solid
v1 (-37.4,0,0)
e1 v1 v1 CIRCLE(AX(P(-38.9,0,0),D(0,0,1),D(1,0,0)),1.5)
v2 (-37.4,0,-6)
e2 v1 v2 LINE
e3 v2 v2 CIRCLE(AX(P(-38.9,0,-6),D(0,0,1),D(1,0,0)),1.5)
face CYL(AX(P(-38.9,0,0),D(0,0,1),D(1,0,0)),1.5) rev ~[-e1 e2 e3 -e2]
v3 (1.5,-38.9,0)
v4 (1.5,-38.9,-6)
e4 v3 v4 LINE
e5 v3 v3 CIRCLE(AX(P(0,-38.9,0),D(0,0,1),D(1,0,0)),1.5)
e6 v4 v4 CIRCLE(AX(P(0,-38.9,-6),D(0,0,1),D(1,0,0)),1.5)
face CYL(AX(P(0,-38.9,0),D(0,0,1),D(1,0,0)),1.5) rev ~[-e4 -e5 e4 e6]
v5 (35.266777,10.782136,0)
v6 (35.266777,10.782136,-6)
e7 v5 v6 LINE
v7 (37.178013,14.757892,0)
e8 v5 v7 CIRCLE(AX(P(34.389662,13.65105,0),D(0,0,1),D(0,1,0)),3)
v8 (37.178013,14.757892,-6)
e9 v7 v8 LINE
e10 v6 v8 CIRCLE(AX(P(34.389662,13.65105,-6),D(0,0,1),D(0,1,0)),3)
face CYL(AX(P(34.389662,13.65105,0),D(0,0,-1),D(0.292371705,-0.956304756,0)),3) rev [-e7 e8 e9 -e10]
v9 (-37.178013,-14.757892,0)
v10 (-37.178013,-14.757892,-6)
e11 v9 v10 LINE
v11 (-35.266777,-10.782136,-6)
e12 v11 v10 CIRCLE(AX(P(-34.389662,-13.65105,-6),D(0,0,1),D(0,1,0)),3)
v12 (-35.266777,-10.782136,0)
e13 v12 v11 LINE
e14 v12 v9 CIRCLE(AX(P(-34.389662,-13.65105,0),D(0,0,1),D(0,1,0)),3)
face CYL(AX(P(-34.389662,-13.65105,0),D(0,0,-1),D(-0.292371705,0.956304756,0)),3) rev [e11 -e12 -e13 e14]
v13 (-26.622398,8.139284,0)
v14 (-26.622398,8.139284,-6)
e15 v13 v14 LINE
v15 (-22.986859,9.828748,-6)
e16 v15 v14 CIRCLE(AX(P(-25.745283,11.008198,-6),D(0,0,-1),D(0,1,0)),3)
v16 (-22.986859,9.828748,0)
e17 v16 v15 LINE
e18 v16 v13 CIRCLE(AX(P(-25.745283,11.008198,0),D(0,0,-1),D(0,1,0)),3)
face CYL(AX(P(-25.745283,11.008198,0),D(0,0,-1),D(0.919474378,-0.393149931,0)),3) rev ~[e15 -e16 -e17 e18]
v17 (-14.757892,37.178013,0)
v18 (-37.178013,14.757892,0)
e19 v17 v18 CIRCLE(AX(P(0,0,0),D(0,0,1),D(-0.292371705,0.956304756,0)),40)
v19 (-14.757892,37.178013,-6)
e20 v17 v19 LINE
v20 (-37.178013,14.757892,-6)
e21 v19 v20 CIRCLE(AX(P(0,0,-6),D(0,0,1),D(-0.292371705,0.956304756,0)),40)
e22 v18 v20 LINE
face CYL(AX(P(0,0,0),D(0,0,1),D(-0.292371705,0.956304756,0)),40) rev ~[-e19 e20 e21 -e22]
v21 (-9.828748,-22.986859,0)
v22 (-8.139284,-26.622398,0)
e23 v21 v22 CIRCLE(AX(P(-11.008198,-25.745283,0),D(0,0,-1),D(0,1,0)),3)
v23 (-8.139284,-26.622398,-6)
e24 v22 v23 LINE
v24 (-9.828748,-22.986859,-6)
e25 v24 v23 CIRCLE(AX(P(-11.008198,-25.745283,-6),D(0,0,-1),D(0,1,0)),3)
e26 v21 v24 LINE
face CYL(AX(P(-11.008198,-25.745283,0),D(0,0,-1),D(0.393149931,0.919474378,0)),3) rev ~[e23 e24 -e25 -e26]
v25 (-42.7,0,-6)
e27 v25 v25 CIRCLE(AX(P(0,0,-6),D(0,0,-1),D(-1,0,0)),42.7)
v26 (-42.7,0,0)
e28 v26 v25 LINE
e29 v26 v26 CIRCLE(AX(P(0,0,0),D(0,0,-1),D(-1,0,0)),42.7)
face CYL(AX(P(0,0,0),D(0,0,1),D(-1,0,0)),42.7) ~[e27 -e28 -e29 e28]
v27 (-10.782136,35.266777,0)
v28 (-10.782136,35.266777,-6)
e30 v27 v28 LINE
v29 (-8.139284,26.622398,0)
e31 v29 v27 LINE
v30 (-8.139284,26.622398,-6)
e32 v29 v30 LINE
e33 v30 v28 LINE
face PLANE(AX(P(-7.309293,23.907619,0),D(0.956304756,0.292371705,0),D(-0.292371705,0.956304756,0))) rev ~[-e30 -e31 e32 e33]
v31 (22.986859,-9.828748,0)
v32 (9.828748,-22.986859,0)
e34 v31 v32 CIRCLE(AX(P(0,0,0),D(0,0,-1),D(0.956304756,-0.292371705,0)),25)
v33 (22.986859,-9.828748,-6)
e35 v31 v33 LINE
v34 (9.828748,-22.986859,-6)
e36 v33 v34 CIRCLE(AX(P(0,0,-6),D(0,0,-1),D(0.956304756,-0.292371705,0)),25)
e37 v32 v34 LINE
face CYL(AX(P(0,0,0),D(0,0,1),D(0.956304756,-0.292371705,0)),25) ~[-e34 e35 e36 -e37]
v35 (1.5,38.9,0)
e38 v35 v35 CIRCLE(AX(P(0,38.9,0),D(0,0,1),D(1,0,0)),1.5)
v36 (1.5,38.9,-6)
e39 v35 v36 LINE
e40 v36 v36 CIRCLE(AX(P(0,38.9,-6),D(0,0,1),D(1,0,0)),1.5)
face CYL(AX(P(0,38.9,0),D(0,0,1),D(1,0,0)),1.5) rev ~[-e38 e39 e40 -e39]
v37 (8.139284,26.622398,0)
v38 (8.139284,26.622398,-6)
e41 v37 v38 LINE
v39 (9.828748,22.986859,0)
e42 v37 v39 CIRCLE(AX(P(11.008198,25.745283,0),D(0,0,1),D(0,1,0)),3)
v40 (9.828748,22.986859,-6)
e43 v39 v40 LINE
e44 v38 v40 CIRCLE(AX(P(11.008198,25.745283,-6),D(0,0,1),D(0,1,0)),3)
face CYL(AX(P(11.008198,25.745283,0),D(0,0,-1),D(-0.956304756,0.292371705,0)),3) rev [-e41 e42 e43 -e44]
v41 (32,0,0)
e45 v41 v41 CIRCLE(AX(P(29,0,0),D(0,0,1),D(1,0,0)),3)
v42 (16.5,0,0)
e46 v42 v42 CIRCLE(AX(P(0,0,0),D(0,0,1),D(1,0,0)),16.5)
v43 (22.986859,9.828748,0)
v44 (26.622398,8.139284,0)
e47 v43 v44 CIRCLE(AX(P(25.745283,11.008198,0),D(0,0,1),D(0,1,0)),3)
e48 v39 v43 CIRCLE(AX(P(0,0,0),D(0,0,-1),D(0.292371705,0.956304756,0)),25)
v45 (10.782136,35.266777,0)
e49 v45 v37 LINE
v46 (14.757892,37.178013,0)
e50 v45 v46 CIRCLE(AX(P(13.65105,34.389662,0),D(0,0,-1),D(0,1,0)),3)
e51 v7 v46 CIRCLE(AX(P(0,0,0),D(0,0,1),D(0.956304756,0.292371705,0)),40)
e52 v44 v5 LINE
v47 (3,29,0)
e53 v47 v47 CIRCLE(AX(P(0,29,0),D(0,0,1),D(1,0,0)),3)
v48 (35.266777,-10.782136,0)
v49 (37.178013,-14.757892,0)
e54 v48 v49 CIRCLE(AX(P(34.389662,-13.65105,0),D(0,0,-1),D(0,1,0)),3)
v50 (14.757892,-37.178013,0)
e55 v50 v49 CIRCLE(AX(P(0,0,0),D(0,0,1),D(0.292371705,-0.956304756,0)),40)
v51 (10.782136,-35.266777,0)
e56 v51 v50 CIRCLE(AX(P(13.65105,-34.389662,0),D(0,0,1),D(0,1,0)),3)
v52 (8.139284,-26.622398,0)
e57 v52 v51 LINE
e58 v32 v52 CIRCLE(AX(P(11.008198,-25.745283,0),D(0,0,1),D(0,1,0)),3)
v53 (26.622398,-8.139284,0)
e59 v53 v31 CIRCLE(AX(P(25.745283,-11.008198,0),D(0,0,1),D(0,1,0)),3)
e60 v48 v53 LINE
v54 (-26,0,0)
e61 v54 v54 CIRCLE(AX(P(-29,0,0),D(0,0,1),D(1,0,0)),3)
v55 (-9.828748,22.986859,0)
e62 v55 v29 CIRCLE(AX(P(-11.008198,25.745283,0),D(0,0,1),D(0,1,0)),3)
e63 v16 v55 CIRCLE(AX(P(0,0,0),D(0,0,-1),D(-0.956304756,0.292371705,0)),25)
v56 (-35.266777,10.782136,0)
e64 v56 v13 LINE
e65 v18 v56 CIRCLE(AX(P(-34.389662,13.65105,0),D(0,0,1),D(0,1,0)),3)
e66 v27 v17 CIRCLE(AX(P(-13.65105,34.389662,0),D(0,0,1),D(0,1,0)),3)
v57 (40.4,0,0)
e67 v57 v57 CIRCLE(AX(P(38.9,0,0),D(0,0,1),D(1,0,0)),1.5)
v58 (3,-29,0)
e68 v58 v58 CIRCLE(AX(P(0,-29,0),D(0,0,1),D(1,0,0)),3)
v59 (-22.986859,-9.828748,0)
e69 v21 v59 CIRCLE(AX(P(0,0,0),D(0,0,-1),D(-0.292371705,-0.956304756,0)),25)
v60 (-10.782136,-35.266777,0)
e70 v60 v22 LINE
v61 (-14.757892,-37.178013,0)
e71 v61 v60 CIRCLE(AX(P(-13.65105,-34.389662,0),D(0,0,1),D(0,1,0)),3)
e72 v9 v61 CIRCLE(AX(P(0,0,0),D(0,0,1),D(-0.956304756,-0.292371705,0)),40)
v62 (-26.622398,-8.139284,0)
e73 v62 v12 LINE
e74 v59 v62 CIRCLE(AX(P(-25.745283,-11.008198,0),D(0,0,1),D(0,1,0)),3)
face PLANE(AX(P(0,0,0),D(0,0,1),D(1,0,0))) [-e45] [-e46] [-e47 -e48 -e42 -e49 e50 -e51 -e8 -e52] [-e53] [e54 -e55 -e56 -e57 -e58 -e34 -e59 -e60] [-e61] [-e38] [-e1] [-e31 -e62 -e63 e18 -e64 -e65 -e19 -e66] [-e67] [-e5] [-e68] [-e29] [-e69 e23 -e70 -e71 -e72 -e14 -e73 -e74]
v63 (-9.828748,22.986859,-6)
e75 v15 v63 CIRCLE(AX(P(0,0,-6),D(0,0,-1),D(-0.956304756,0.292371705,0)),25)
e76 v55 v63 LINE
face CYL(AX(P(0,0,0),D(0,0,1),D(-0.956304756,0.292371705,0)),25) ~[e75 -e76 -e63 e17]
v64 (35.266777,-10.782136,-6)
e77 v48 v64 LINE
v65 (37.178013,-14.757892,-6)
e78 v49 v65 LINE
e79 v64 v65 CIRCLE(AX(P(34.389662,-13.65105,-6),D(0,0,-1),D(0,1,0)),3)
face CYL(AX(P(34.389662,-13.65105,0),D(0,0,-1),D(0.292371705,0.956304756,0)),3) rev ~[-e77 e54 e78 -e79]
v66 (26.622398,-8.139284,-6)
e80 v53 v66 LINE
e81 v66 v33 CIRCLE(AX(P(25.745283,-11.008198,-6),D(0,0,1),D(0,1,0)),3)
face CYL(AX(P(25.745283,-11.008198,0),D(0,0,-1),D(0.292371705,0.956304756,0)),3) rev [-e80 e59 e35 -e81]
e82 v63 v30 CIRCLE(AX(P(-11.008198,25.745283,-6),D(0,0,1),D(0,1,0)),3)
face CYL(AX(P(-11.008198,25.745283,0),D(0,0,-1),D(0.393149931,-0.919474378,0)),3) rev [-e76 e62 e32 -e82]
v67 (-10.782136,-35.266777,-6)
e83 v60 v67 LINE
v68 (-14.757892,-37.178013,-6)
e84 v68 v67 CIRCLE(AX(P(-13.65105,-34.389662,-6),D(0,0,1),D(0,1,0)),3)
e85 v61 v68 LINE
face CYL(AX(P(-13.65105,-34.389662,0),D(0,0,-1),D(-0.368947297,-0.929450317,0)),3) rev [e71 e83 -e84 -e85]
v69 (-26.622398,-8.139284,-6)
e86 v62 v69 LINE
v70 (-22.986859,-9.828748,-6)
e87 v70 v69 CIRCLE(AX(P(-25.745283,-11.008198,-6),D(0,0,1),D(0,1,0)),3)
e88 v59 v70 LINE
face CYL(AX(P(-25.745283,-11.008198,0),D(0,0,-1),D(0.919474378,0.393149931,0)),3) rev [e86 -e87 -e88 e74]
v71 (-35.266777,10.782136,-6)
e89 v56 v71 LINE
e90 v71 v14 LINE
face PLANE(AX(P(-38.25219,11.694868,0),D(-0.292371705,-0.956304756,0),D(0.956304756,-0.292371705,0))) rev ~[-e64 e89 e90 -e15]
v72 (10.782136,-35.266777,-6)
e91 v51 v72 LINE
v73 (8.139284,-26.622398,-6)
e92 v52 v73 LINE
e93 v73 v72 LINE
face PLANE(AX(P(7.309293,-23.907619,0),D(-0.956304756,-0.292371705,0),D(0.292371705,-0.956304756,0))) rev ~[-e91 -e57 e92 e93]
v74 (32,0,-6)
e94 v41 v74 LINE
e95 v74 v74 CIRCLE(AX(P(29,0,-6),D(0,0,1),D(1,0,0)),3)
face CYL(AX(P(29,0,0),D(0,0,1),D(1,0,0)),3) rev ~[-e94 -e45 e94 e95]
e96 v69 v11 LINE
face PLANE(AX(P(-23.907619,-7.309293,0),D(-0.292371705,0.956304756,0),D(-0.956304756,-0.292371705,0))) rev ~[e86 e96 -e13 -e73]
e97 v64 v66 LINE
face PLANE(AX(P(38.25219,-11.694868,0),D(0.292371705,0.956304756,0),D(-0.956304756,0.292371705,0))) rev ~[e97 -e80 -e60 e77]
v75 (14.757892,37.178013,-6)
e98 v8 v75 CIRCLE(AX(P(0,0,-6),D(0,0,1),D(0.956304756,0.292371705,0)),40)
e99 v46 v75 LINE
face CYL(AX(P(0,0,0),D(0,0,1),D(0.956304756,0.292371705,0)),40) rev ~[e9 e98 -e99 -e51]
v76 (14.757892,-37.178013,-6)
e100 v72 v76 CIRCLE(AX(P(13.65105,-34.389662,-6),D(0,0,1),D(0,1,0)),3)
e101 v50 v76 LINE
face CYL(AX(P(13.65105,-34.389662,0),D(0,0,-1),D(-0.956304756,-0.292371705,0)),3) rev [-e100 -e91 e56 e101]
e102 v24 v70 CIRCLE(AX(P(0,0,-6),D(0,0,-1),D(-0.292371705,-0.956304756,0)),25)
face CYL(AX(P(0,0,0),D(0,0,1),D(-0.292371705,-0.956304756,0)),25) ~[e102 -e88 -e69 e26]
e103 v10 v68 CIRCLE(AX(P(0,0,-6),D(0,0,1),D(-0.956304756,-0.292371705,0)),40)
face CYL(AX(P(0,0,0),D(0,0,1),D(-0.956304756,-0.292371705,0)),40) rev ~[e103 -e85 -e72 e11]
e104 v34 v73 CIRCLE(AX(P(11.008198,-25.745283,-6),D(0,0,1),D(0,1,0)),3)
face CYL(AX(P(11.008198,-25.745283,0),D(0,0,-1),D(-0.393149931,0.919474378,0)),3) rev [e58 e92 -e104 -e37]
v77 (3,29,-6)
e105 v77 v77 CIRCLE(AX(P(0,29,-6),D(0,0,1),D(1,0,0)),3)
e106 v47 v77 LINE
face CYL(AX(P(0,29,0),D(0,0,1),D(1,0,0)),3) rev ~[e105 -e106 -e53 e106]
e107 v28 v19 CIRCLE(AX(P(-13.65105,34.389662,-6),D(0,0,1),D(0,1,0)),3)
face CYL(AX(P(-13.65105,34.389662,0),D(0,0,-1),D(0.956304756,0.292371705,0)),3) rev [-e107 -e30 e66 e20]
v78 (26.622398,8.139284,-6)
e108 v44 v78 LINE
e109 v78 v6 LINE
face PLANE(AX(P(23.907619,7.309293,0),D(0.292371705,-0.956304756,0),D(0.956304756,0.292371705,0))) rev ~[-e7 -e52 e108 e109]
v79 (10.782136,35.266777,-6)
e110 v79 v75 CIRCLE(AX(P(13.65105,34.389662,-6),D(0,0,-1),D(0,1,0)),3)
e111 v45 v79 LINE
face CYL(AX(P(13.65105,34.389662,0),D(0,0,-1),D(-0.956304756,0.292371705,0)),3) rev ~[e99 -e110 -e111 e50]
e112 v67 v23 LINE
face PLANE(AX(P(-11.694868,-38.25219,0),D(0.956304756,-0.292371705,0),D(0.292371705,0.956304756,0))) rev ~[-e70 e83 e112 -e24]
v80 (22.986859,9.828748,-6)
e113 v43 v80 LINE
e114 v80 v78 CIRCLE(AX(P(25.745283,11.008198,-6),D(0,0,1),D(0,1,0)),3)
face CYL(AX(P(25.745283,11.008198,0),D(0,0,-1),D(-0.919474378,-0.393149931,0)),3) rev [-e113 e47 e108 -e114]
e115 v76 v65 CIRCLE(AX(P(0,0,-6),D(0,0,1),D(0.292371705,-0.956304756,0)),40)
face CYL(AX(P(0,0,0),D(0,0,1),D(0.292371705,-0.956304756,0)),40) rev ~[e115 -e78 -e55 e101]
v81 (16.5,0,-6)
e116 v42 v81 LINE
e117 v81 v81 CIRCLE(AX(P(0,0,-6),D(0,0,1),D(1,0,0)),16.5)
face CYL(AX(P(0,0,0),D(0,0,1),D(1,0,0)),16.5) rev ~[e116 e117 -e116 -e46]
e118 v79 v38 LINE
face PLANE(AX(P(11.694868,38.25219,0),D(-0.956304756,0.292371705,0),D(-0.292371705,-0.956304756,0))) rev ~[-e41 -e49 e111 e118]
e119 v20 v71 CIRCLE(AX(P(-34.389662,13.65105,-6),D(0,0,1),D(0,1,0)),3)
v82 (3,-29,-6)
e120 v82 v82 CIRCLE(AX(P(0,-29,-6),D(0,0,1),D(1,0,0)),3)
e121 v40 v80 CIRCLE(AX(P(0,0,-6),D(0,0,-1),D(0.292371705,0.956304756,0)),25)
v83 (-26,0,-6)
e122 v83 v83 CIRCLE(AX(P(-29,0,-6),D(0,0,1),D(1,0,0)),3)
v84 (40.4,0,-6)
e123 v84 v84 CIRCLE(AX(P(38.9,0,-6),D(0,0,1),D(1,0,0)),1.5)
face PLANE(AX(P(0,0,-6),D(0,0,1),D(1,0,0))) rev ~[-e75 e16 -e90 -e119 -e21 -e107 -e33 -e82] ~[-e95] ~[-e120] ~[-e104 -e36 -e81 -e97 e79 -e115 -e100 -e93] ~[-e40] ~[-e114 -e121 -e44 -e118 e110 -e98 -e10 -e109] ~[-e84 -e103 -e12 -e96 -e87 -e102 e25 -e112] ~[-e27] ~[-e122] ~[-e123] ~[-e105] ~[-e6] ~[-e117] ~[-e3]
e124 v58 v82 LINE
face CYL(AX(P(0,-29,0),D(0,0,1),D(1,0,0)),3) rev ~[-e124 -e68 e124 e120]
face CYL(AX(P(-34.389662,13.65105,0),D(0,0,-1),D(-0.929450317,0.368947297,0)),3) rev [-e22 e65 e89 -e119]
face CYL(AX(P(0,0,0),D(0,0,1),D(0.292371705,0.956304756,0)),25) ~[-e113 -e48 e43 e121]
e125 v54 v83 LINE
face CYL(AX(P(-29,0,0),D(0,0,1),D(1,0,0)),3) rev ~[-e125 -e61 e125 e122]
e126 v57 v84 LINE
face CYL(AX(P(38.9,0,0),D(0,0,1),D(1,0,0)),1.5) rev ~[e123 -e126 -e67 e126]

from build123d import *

# Parameters (mm, degrees)
SKETCH_2_R          = 43
SKETCH_2_R_2        = 16.5
EXTRUDE_1_DEPTH     = 6
SKETCH_3_R          = 3
SKETCH_3_R_2        = 1.5
CUT_EXTRUDE_1_DEPTH = 6
CUT_EXTRUDE_5_DEPTH = 6
FILLET_2_R          = 3
SKETCH_6_R          = 43
SKETCH_6_R_2        = 42.9
CUT_EXTRUDE_6_DEPTH = 6
CUT_EXTRUDE_START   = -6
SKETCH_7_R          = 42.9
SKETCH_7_R_2        = 42.7
CUT_EXTRUDE_7_DEPTH = 6


with BuildPart() as part:
    # 草图2 → 凸台-拉伸1 (new body)
    with BuildSketch(Plane.XY):
        Circle(SKETCH_2_R)
        Circle(SKETCH_2_R_2, mode=Mode.SUBTRACT)
    extrude(amount=-EXTRUDE_1_DEPTH)

    # 草图3 → 切除-拉伸1 (cut)
    with BuildSketch(Plane.XY):
        with Locations((0, 29)):
            Circle(SKETCH_3_R)
        with Locations((29, 0)):
            Circle(SKETCH_3_R)
        with Locations((0, -29)):
            Circle(SKETCH_3_R)
        with Locations((-29, 0)):
            Circle(SKETCH_3_R)
        with Locations((-38.9, 0)):
            Circle(SKETCH_3_R_2)
        with Locations((0, 38.9)):
            Circle(SKETCH_3_R_2)
        with Locations((38.9, 0)):
            Circle(SKETCH_3_R_2)
        with Locations((0, -38.9)):
            Circle(SKETCH_3_R_2)
    extrude(amount=-CUT_EXTRUDE_1_DEPTH, mode=Mode.SUBTRACT)

    # 草图4 → 切除-拉伸5 (cut)
    with BuildSketch(Plane.XY):
        with BuildLine():
            ThreePointArc((-23.907618899, 7.309292618), (-17.67766953, 17.67766953), (-7.309292618, 23.907618899))
            Line((-7.309292618, 23.907618899), (-11.694868189, 38.252190239))
            ThreePointArc((-11.694868189, 38.252190239), (-28.284271247, 28.284271247), (-38.252190239, 11.694868189))
            Line((-38.252190239, 11.694868189), (-23.907618899, 7.309292618))
        make_face()
        with BuildLine():
            Line((11.694868189, 38.252190239), (7.309292618, 23.907618899))
            ThreePointArc((7.309292618, 23.907618899), (17.67766953, 17.67766953), (23.907618899, 7.309292618))
            Line((23.907618899, 7.309292618), (38.252190239, 11.694868189))
            ThreePointArc((38.252190239, 11.694868189), (28.284271247, 28.284271247), (11.694868189, 38.252190239))
        make_face()
        with BuildLine():
            Line((38.252190239, -11.694868189), (23.907618899, -7.309292618))
            ThreePointArc((23.907618899, -7.309292618), (17.67766953, -17.67766953), (7.309292618, -23.907618899))
            Line((7.309292618, -23.907618899), (11.694868189, -38.252190239))
            ThreePointArc((11.694868189, -38.252190239), (28.284271247, -28.284271247), (38.252190239, -11.694868189))
        make_face()
        with BuildLine():
            ThreePointArc((-7.309292618, -23.907618899), (-17.67766953, -17.67766953), (-23.907618899, -7.309292618))
            Line((-23.907618899, -7.309292618), (-38.252190239, -11.694868189))
            ThreePointArc((-38.252190239, -11.694868189), (-28.284271247, -28.284271247), (-11.694868189, -38.252190239))
            Line((-11.694868189, -38.252190239), (-7.309292618, -23.907618899))
        make_face()
    extrude(amount=-CUT_EXTRUDE_5_DEPTH, mode=Mode.SUBTRACT)

    # 圆角2
    fillet_2_edges = [part.edges().sort_by_distance(p)[0] for p in [
        (-38.252190239, -11.694868189, -3),
        (-23.907618899, -7.309292618, -3),
        (-7.309292618, -23.907618899, -3),
        (-11.694868189, -38.252190239, -3),
        (11.694868189, -38.252190239, -3),
        (7.309292618, -23.907618899, -3),
        (23.907618899, -7.309292618, -3),
        (38.252190239, -11.694868189, -3),
        (38.252190239, 11.694868189, -3),
        (23.907618899, 7.309292618, -3),
        (7.309292618, 23.907618899, -3),
        (11.694868189, 38.252190239, -3),
        (-11.694868189, 38.252190239, -3),
        (-7.309292618, 23.907618899, -3),
        (-23.907618899, 7.309292618, -3),
        (-38.252190239, 11.694868189, -3),
    ]]
    fillet(fillet_2_edges, radius=FILLET_2_R)

    # 草图6 → 切除-拉伸6 (cut)
    with BuildSketch(Plane.XY):
        Circle(SKETCH_6_R)
        Circle(SKETCH_6_R_2, mode=Mode.SUBTRACT)
    extrude(amount=-CUT_EXTRUDE_6_DEPTH, mode=Mode.SUBTRACT)

    # 草图7 → 切除-拉伸7 (cut)
    with BuildSketch(Plane(origin=(0, 0, -6), x_dir=(-1, 0, 0), z_dir=(0, 0, -1)).offset(CUT_EXTRUDE_START)):
        Circle(SKETCH_7_R)
        Circle(SKETCH_7_R_2, mode=Mode.SUBTRACT)
    extrude(amount=CUT_EXTRUDE_7_DEPTH, mode=Mode.SUBTRACT)


solid = part.part
